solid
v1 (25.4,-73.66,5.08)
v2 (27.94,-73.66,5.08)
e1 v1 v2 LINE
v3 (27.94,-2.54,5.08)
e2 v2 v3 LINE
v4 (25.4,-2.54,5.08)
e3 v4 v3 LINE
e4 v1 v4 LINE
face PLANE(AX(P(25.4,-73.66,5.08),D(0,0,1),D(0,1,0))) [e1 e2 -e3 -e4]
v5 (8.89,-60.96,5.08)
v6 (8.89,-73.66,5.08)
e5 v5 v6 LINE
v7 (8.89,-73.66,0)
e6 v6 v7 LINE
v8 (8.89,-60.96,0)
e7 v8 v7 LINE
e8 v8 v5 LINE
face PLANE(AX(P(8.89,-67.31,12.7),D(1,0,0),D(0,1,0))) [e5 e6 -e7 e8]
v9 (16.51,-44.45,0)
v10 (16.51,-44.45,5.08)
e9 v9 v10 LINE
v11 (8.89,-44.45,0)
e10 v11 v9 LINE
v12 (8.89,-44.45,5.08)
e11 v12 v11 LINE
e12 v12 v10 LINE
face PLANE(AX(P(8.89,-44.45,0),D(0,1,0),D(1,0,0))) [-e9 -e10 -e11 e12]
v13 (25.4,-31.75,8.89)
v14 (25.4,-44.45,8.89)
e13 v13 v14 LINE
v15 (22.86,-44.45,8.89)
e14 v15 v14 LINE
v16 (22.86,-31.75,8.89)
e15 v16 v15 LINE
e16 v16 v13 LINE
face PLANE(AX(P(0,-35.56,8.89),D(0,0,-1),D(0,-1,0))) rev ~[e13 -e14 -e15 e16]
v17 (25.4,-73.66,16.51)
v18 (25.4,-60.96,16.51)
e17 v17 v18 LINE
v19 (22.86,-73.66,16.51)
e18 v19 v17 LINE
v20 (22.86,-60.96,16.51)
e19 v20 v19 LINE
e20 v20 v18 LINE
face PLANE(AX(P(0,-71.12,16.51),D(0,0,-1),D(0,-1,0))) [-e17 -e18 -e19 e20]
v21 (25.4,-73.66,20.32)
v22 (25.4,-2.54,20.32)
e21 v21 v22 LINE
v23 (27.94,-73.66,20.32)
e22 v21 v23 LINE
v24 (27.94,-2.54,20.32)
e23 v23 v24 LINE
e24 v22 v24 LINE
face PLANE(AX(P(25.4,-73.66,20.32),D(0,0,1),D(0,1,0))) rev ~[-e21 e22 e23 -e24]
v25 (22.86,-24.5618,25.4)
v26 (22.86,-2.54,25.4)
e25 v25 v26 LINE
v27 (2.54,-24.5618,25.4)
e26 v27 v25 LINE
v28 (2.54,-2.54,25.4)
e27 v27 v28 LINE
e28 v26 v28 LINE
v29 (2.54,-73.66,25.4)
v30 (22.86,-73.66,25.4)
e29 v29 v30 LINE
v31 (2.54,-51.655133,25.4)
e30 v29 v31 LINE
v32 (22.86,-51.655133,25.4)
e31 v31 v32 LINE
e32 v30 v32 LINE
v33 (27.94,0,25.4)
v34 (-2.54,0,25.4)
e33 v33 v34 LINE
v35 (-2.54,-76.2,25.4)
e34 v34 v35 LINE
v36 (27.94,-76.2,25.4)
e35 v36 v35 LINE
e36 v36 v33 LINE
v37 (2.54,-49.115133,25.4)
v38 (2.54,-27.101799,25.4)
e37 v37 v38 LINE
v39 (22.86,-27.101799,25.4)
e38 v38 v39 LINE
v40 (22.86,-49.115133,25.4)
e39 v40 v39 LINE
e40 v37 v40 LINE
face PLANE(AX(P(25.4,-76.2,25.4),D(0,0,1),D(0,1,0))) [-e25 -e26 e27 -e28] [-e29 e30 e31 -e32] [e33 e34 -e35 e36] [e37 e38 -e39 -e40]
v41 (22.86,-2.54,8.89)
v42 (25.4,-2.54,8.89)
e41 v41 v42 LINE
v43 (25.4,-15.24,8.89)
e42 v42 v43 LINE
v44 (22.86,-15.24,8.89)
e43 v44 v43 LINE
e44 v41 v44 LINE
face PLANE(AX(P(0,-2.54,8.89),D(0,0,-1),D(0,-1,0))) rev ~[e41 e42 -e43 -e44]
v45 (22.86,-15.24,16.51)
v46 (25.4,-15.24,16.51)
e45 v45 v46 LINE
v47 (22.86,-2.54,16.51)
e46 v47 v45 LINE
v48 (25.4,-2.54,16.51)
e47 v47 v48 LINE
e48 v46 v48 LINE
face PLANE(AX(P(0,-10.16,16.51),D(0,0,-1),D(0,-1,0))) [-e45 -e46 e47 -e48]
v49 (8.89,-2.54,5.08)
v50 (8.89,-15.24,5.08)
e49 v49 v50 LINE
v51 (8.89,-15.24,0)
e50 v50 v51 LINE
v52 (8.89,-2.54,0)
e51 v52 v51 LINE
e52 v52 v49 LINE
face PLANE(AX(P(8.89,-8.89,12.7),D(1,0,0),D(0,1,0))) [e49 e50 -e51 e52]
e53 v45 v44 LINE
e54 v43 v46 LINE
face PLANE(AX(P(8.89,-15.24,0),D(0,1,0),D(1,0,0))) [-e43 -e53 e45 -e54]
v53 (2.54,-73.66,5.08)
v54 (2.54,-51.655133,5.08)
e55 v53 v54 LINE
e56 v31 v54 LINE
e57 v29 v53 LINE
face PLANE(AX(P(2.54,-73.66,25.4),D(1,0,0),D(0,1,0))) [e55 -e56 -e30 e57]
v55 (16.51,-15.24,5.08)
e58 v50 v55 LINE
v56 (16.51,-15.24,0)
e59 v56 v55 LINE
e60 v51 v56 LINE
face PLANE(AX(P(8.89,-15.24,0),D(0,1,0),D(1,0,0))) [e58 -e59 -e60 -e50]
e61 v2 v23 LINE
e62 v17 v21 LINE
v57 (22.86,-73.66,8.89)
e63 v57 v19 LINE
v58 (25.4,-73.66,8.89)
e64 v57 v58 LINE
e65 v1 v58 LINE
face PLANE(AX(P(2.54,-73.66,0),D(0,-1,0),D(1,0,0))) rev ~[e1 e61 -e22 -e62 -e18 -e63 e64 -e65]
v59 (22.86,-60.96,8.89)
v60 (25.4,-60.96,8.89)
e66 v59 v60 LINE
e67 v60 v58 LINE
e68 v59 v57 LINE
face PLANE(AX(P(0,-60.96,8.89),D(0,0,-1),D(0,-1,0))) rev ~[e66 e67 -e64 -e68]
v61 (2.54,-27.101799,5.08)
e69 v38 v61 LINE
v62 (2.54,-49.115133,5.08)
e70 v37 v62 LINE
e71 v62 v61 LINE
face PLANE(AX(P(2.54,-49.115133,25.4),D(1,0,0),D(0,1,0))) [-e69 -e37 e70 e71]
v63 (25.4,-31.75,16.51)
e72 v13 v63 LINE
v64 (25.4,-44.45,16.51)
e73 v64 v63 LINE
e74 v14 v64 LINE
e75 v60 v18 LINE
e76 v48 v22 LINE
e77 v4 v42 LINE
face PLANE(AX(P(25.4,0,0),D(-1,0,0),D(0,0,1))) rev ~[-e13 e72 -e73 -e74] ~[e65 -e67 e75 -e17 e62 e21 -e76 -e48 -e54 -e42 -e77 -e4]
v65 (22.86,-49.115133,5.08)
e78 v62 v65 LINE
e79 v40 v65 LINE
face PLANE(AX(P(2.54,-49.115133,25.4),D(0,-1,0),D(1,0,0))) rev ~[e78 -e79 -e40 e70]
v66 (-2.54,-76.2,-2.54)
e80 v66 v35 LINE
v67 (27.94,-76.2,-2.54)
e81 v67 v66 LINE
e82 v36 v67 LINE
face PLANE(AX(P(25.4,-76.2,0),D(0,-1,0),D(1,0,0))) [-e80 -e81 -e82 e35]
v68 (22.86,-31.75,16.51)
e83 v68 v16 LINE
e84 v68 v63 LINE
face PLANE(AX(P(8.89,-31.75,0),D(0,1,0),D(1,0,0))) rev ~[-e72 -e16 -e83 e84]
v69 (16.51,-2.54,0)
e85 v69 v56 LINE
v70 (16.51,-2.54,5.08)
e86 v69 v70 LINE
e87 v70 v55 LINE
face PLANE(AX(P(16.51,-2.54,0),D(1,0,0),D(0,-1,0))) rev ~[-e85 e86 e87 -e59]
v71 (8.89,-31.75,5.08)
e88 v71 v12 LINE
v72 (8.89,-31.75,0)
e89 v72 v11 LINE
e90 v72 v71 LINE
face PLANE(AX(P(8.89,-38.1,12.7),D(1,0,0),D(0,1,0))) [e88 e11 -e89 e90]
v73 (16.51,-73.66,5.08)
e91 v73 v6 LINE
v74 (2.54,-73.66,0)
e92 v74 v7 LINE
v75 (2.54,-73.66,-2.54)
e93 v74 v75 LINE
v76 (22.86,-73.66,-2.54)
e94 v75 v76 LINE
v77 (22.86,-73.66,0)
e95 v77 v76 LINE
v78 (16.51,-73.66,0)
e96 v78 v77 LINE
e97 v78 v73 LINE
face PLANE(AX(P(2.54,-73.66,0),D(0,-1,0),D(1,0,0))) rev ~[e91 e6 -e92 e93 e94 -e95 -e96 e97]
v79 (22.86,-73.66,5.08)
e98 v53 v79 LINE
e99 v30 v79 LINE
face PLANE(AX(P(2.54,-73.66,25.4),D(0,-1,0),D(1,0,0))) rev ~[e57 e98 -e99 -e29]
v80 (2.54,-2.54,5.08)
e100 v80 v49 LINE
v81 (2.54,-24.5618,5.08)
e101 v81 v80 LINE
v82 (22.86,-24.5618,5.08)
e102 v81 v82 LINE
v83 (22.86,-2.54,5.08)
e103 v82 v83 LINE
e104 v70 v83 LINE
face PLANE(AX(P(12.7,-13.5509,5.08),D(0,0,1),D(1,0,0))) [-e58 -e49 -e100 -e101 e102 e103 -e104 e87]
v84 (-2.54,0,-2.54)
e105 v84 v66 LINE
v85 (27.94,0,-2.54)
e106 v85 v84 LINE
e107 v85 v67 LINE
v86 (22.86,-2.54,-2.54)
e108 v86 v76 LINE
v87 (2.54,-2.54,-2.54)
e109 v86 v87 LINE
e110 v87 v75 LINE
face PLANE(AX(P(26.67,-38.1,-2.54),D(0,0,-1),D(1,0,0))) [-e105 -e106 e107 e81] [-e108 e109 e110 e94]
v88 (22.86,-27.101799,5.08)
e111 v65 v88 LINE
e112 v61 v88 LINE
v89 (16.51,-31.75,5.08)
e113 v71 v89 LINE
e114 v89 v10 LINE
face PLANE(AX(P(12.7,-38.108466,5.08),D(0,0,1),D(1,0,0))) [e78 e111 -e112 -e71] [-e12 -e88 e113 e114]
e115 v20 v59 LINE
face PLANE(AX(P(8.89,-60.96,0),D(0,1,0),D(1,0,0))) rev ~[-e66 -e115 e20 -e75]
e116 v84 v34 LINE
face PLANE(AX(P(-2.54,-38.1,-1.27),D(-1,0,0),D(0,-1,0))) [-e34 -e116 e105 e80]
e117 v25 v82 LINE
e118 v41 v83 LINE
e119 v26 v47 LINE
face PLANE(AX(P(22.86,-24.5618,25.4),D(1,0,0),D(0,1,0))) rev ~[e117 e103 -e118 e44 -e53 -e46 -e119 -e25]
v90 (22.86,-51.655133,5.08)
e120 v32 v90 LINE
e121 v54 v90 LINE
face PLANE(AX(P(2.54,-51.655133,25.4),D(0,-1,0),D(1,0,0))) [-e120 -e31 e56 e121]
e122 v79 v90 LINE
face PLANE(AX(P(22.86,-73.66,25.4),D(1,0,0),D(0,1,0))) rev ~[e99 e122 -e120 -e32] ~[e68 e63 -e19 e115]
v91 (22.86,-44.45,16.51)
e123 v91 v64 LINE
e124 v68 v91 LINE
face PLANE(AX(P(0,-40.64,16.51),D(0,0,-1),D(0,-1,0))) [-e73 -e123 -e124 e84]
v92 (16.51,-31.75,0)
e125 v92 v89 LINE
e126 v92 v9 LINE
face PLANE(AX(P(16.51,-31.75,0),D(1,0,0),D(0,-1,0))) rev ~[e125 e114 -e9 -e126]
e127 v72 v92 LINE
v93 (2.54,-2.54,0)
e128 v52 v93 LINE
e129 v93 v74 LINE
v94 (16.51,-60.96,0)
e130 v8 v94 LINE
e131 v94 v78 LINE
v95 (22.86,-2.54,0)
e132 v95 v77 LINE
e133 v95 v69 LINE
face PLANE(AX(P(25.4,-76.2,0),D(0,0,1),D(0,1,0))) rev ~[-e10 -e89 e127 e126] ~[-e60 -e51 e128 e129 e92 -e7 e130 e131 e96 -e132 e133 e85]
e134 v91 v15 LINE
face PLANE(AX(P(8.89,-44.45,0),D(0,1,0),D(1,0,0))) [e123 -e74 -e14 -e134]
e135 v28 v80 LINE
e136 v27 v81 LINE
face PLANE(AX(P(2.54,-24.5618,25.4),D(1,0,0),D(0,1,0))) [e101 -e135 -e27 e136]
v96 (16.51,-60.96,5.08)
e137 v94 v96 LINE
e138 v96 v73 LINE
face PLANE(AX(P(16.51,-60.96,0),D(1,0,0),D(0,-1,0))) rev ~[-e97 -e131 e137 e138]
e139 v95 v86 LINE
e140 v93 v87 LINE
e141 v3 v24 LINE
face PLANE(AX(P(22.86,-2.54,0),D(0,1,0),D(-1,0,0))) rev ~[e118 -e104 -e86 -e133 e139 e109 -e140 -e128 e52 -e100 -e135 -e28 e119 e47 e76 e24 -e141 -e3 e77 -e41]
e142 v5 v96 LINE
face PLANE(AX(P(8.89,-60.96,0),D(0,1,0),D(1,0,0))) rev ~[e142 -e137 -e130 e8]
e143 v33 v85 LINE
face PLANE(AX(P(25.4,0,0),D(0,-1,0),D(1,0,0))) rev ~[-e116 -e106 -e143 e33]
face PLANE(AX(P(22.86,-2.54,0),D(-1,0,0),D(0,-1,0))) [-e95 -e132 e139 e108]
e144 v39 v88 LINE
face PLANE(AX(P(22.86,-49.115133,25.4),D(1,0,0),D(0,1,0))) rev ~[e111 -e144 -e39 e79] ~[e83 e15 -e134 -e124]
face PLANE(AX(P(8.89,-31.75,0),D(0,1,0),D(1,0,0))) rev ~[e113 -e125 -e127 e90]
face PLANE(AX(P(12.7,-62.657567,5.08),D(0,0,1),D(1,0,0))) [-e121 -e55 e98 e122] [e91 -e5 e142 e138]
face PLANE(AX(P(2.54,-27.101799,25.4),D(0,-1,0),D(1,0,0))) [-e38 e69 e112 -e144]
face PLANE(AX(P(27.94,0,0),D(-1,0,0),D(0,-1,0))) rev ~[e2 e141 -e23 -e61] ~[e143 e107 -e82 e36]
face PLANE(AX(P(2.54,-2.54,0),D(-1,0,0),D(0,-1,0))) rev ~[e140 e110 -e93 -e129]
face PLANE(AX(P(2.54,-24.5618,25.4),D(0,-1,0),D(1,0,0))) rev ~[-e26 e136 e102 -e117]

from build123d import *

# Parameters (mm, degrees)
F0_W      = 25.4
F0_H      = 25.4
F1_DEPTH  = 76.2
F2_W      = 5.08
F2_H      = 7.62
F3_DEPTH  = 25.4
F4_W      = 76.2
F4_H      = 25.4
F4_W_2    = 71.12
F4_H_2    = 15.24
F5_DEPTH  = 2.54
F6_W      = 76.2
F6_H      = 25.4
F6_W_2    = 71.12
F6_H_2    = 15.24
F7_DEPTH  = 2.54
F8_W      = 5.08
F8_H      = 7.62
F8_W_2    = 2.54
F8_W_3    = 3.81
F9_DEPTH  = 25.4
F10_W     = 7.62
F10_H     = 12.7
F11_DEPTH = 25.4
F12_W     = 2.54
F12_H     = 71.12
F13_DEPTH = 2.54
F14_W     = 71.12
F14_H     = 15.24
F15_DEPTH = 2.54
F16_W     = 12.7
F16_H     = 7.62
F17_DEPTH = 8.89
F18_W     = 12.7
F18_H     = 7.62
F19_DEPTH = 8.89
F20_W     = 12.7
F20_H     = 7.62
F21_DEPTH = 8.89
F22_W     = 20.32
F22_H     = 22.0218
F22_H_2   = 22.013333
F22_H_3   = 22.004867
F23_DEPTH = 20.32
F25_W     = 76.2
F25_H     = 2.54
F26_DEPTH = 2.54
F27_W     = 2.54
F27_H     = 76.2
F28_DEPTH = 2.54


with BuildPart() as f1:
    # F0 (on Front) → F1 (new body)
    with BuildSketch(Plane.XZ):
        with Locations((12.7, 12.7)):
            Rectangle(F0_W, F0_H)
    extrude(amount=F1_DEPTH)

    # F2 (on face) → F3 (cut)
    with BuildSketch(Plane(origin=(0, 0, 0), x_dir=(0, -1, 0), z_dir=(-1, 0, 0))):
        with Locations((7.62, 12.7)):
            Rectangle(F2_W, F2_H)
        with Locations((38.1, 12.7)):
            Rectangle(F2_W, F2_H)
        with Locations((68.58, 12.7)):
            Rectangle(F2_W, F2_H)
    extrude(amount=-F3_DEPTH, mode=Mode.SUBTRACT)

    # F4 (on face) → F5 (join)
    with BuildSketch(Plane(origin=(0, 0, 0), x_dir=(0, -1, 0), z_dir=(-1, 0, 0))):
        with Locations((38.1, 12.7)):
            Rectangle(F4_W, F4_H)
        with Locations((38.1, 12.7)):
            Rectangle(F4_W_2, F4_H_2, mode=Mode.SUBTRACT)
    extrude(amount=F5_DEPTH)

    # F6 (on face) → F7 (join)
    with BuildSketch(Plane.YZ.offset(25.4)):
        with Locations((-38.1, 12.7)):
            Rectangle(F6_W, F6_H)
        with Locations((-38.1, 12.7)):
            Rectangle(F6_W_2, F6_H_2, mode=Mode.SUBTRACT)
    extrude(amount=F7_DEPTH)

    # F8 (on face) → F9 (cut)
    with BuildSketch(Plane(origin=(0, 0, 0), x_dir=(0, -1, 0), z_dir=(-1, 0, 0))):
        with Locations((12.7, 12.7)):
            Rectangle(F8_W, F8_H)
        with Locations((3.81, 12.7)):
            Rectangle(F8_W_2, F8_H)
        with Locations((33.655, 12.7)):
            Rectangle(F8_W_3, F8_H)
        with Locations((42.545, 12.7)):
            Rectangle(F8_W_3, F8_H)
        with Locations((63.5, 12.7)):
            Rectangle(F8_W, F8_H)
        with Locations((72.39, 12.7)):
            Rectangle(F8_W_2, F8_H)
    extrude(amount=-F9_DEPTH, mode=Mode.SUBTRACT)

    # F10 (on face) → F11 (cut)
    with BuildSketch(Plane(origin=(0, 0, 0), x_dir=(1, 0, 0), z_dir=(0, 0, -1))):
        with Locations((12.7, 8.89)):
            Rectangle(F10_W, F10_H)
        with Locations((12.7, 38.1)):
            Rectangle(F10_W, F10_H)
        with Locations((12.7, 67.31)):
            Rectangle(F10_W, F10_H)
    extrude(amount=-F11_DEPTH, mode=Mode.SUBTRACT)

    # F12 (on face) → F13 (join)
    with BuildSketch(Plane(origin=(0, 0, 0), x_dir=(1, 0, 0), z_dir=(0, 0, -1))):
        Polygon((0, 76.2), (0, 73.66), (2.54, 73.66), (22.86, 73.66), (25.4, 73.66), (25.4, 76.2), align=None)
        with Locations((1.27, 38.1)):
            Rectangle(F12_W, F12_H)
        with Locations((24.13, 38.1)):
            Rectangle(F12_W, F12_H)
        Polygon((2.54, 2.54), (0, 2.54), (0, 0), (25.4, 0), (25.4, 2.54), (22.86, 2.54), align=None)
    extrude(amount=F13_DEPTH)

    # F14 (on face) → F15 (join)
    with BuildSketch(Plane(origin=(0, 0, 0), x_dir=(0, -1, 0), z_dir=(-1, 0, 0))):
        with Locations((38.1, 12.7)):
            Rectangle(F14_W, F14_H)
    extrude(amount=F15_DEPTH)

    # F16 (on face) → F17 (join)
    with BuildSketch(Plane.YZ):
        with Locations((-38.1, 12.7)):
            Rectangle(F16_W, F16_H)
    extrude(amount=F17_DEPTH)

    # F18 (on face) → F19 (join)
    with BuildSketch(Plane.YZ):
        with Locations((-67.31, 12.7)):
            Rectangle(F18_W, F18_H)
    extrude(amount=F19_DEPTH)

    # F20 (on face) → F21 (join)
    with BuildSketch(Plane.YZ):
        with Locations((-8.89, 12.7)):
            Rectangle(F20_W, F20_H)
    extrude(amount=F21_DEPTH)

    # F22 (on face) → F23 (cut)
    with BuildSketch(Plane.XY.offset(25.4)):
        with Locations((12.7, -13.5509)):
            Rectangle(F22_W, F22_H)
        with Locations((12.7, -38.108466)):
            Rectangle(F22_W, F22_H_2)
        with Locations((12.7, -62.657567)):
            Rectangle(F22_W, F22_H_3)
    extrude(amount=-F23_DEPTH, mode=Mode.SUBTRACT)

    # F25 (on face) → F26 (join)
    with BuildSketch(Plane(origin=(0, 0, 0), x_dir=(0, -1, 0), z_dir=(-1, 0, 0))):
        with Locations((38.1, -1.27)):
            Rectangle(F25_W, F25_H)
    extrude(amount=F26_DEPTH)

    # F27 (on face) → F28 (join)
    with BuildSketch(Plane(origin=(0, 0, 0), x_dir=(1, 0, 0), z_dir=(0, 0, -1))):
        with Locations((26.67, 38.1)):
            Rectangle(F27_W, F27_H)
    extrude(amount=F28_DEPTH)


solid = f1.part
